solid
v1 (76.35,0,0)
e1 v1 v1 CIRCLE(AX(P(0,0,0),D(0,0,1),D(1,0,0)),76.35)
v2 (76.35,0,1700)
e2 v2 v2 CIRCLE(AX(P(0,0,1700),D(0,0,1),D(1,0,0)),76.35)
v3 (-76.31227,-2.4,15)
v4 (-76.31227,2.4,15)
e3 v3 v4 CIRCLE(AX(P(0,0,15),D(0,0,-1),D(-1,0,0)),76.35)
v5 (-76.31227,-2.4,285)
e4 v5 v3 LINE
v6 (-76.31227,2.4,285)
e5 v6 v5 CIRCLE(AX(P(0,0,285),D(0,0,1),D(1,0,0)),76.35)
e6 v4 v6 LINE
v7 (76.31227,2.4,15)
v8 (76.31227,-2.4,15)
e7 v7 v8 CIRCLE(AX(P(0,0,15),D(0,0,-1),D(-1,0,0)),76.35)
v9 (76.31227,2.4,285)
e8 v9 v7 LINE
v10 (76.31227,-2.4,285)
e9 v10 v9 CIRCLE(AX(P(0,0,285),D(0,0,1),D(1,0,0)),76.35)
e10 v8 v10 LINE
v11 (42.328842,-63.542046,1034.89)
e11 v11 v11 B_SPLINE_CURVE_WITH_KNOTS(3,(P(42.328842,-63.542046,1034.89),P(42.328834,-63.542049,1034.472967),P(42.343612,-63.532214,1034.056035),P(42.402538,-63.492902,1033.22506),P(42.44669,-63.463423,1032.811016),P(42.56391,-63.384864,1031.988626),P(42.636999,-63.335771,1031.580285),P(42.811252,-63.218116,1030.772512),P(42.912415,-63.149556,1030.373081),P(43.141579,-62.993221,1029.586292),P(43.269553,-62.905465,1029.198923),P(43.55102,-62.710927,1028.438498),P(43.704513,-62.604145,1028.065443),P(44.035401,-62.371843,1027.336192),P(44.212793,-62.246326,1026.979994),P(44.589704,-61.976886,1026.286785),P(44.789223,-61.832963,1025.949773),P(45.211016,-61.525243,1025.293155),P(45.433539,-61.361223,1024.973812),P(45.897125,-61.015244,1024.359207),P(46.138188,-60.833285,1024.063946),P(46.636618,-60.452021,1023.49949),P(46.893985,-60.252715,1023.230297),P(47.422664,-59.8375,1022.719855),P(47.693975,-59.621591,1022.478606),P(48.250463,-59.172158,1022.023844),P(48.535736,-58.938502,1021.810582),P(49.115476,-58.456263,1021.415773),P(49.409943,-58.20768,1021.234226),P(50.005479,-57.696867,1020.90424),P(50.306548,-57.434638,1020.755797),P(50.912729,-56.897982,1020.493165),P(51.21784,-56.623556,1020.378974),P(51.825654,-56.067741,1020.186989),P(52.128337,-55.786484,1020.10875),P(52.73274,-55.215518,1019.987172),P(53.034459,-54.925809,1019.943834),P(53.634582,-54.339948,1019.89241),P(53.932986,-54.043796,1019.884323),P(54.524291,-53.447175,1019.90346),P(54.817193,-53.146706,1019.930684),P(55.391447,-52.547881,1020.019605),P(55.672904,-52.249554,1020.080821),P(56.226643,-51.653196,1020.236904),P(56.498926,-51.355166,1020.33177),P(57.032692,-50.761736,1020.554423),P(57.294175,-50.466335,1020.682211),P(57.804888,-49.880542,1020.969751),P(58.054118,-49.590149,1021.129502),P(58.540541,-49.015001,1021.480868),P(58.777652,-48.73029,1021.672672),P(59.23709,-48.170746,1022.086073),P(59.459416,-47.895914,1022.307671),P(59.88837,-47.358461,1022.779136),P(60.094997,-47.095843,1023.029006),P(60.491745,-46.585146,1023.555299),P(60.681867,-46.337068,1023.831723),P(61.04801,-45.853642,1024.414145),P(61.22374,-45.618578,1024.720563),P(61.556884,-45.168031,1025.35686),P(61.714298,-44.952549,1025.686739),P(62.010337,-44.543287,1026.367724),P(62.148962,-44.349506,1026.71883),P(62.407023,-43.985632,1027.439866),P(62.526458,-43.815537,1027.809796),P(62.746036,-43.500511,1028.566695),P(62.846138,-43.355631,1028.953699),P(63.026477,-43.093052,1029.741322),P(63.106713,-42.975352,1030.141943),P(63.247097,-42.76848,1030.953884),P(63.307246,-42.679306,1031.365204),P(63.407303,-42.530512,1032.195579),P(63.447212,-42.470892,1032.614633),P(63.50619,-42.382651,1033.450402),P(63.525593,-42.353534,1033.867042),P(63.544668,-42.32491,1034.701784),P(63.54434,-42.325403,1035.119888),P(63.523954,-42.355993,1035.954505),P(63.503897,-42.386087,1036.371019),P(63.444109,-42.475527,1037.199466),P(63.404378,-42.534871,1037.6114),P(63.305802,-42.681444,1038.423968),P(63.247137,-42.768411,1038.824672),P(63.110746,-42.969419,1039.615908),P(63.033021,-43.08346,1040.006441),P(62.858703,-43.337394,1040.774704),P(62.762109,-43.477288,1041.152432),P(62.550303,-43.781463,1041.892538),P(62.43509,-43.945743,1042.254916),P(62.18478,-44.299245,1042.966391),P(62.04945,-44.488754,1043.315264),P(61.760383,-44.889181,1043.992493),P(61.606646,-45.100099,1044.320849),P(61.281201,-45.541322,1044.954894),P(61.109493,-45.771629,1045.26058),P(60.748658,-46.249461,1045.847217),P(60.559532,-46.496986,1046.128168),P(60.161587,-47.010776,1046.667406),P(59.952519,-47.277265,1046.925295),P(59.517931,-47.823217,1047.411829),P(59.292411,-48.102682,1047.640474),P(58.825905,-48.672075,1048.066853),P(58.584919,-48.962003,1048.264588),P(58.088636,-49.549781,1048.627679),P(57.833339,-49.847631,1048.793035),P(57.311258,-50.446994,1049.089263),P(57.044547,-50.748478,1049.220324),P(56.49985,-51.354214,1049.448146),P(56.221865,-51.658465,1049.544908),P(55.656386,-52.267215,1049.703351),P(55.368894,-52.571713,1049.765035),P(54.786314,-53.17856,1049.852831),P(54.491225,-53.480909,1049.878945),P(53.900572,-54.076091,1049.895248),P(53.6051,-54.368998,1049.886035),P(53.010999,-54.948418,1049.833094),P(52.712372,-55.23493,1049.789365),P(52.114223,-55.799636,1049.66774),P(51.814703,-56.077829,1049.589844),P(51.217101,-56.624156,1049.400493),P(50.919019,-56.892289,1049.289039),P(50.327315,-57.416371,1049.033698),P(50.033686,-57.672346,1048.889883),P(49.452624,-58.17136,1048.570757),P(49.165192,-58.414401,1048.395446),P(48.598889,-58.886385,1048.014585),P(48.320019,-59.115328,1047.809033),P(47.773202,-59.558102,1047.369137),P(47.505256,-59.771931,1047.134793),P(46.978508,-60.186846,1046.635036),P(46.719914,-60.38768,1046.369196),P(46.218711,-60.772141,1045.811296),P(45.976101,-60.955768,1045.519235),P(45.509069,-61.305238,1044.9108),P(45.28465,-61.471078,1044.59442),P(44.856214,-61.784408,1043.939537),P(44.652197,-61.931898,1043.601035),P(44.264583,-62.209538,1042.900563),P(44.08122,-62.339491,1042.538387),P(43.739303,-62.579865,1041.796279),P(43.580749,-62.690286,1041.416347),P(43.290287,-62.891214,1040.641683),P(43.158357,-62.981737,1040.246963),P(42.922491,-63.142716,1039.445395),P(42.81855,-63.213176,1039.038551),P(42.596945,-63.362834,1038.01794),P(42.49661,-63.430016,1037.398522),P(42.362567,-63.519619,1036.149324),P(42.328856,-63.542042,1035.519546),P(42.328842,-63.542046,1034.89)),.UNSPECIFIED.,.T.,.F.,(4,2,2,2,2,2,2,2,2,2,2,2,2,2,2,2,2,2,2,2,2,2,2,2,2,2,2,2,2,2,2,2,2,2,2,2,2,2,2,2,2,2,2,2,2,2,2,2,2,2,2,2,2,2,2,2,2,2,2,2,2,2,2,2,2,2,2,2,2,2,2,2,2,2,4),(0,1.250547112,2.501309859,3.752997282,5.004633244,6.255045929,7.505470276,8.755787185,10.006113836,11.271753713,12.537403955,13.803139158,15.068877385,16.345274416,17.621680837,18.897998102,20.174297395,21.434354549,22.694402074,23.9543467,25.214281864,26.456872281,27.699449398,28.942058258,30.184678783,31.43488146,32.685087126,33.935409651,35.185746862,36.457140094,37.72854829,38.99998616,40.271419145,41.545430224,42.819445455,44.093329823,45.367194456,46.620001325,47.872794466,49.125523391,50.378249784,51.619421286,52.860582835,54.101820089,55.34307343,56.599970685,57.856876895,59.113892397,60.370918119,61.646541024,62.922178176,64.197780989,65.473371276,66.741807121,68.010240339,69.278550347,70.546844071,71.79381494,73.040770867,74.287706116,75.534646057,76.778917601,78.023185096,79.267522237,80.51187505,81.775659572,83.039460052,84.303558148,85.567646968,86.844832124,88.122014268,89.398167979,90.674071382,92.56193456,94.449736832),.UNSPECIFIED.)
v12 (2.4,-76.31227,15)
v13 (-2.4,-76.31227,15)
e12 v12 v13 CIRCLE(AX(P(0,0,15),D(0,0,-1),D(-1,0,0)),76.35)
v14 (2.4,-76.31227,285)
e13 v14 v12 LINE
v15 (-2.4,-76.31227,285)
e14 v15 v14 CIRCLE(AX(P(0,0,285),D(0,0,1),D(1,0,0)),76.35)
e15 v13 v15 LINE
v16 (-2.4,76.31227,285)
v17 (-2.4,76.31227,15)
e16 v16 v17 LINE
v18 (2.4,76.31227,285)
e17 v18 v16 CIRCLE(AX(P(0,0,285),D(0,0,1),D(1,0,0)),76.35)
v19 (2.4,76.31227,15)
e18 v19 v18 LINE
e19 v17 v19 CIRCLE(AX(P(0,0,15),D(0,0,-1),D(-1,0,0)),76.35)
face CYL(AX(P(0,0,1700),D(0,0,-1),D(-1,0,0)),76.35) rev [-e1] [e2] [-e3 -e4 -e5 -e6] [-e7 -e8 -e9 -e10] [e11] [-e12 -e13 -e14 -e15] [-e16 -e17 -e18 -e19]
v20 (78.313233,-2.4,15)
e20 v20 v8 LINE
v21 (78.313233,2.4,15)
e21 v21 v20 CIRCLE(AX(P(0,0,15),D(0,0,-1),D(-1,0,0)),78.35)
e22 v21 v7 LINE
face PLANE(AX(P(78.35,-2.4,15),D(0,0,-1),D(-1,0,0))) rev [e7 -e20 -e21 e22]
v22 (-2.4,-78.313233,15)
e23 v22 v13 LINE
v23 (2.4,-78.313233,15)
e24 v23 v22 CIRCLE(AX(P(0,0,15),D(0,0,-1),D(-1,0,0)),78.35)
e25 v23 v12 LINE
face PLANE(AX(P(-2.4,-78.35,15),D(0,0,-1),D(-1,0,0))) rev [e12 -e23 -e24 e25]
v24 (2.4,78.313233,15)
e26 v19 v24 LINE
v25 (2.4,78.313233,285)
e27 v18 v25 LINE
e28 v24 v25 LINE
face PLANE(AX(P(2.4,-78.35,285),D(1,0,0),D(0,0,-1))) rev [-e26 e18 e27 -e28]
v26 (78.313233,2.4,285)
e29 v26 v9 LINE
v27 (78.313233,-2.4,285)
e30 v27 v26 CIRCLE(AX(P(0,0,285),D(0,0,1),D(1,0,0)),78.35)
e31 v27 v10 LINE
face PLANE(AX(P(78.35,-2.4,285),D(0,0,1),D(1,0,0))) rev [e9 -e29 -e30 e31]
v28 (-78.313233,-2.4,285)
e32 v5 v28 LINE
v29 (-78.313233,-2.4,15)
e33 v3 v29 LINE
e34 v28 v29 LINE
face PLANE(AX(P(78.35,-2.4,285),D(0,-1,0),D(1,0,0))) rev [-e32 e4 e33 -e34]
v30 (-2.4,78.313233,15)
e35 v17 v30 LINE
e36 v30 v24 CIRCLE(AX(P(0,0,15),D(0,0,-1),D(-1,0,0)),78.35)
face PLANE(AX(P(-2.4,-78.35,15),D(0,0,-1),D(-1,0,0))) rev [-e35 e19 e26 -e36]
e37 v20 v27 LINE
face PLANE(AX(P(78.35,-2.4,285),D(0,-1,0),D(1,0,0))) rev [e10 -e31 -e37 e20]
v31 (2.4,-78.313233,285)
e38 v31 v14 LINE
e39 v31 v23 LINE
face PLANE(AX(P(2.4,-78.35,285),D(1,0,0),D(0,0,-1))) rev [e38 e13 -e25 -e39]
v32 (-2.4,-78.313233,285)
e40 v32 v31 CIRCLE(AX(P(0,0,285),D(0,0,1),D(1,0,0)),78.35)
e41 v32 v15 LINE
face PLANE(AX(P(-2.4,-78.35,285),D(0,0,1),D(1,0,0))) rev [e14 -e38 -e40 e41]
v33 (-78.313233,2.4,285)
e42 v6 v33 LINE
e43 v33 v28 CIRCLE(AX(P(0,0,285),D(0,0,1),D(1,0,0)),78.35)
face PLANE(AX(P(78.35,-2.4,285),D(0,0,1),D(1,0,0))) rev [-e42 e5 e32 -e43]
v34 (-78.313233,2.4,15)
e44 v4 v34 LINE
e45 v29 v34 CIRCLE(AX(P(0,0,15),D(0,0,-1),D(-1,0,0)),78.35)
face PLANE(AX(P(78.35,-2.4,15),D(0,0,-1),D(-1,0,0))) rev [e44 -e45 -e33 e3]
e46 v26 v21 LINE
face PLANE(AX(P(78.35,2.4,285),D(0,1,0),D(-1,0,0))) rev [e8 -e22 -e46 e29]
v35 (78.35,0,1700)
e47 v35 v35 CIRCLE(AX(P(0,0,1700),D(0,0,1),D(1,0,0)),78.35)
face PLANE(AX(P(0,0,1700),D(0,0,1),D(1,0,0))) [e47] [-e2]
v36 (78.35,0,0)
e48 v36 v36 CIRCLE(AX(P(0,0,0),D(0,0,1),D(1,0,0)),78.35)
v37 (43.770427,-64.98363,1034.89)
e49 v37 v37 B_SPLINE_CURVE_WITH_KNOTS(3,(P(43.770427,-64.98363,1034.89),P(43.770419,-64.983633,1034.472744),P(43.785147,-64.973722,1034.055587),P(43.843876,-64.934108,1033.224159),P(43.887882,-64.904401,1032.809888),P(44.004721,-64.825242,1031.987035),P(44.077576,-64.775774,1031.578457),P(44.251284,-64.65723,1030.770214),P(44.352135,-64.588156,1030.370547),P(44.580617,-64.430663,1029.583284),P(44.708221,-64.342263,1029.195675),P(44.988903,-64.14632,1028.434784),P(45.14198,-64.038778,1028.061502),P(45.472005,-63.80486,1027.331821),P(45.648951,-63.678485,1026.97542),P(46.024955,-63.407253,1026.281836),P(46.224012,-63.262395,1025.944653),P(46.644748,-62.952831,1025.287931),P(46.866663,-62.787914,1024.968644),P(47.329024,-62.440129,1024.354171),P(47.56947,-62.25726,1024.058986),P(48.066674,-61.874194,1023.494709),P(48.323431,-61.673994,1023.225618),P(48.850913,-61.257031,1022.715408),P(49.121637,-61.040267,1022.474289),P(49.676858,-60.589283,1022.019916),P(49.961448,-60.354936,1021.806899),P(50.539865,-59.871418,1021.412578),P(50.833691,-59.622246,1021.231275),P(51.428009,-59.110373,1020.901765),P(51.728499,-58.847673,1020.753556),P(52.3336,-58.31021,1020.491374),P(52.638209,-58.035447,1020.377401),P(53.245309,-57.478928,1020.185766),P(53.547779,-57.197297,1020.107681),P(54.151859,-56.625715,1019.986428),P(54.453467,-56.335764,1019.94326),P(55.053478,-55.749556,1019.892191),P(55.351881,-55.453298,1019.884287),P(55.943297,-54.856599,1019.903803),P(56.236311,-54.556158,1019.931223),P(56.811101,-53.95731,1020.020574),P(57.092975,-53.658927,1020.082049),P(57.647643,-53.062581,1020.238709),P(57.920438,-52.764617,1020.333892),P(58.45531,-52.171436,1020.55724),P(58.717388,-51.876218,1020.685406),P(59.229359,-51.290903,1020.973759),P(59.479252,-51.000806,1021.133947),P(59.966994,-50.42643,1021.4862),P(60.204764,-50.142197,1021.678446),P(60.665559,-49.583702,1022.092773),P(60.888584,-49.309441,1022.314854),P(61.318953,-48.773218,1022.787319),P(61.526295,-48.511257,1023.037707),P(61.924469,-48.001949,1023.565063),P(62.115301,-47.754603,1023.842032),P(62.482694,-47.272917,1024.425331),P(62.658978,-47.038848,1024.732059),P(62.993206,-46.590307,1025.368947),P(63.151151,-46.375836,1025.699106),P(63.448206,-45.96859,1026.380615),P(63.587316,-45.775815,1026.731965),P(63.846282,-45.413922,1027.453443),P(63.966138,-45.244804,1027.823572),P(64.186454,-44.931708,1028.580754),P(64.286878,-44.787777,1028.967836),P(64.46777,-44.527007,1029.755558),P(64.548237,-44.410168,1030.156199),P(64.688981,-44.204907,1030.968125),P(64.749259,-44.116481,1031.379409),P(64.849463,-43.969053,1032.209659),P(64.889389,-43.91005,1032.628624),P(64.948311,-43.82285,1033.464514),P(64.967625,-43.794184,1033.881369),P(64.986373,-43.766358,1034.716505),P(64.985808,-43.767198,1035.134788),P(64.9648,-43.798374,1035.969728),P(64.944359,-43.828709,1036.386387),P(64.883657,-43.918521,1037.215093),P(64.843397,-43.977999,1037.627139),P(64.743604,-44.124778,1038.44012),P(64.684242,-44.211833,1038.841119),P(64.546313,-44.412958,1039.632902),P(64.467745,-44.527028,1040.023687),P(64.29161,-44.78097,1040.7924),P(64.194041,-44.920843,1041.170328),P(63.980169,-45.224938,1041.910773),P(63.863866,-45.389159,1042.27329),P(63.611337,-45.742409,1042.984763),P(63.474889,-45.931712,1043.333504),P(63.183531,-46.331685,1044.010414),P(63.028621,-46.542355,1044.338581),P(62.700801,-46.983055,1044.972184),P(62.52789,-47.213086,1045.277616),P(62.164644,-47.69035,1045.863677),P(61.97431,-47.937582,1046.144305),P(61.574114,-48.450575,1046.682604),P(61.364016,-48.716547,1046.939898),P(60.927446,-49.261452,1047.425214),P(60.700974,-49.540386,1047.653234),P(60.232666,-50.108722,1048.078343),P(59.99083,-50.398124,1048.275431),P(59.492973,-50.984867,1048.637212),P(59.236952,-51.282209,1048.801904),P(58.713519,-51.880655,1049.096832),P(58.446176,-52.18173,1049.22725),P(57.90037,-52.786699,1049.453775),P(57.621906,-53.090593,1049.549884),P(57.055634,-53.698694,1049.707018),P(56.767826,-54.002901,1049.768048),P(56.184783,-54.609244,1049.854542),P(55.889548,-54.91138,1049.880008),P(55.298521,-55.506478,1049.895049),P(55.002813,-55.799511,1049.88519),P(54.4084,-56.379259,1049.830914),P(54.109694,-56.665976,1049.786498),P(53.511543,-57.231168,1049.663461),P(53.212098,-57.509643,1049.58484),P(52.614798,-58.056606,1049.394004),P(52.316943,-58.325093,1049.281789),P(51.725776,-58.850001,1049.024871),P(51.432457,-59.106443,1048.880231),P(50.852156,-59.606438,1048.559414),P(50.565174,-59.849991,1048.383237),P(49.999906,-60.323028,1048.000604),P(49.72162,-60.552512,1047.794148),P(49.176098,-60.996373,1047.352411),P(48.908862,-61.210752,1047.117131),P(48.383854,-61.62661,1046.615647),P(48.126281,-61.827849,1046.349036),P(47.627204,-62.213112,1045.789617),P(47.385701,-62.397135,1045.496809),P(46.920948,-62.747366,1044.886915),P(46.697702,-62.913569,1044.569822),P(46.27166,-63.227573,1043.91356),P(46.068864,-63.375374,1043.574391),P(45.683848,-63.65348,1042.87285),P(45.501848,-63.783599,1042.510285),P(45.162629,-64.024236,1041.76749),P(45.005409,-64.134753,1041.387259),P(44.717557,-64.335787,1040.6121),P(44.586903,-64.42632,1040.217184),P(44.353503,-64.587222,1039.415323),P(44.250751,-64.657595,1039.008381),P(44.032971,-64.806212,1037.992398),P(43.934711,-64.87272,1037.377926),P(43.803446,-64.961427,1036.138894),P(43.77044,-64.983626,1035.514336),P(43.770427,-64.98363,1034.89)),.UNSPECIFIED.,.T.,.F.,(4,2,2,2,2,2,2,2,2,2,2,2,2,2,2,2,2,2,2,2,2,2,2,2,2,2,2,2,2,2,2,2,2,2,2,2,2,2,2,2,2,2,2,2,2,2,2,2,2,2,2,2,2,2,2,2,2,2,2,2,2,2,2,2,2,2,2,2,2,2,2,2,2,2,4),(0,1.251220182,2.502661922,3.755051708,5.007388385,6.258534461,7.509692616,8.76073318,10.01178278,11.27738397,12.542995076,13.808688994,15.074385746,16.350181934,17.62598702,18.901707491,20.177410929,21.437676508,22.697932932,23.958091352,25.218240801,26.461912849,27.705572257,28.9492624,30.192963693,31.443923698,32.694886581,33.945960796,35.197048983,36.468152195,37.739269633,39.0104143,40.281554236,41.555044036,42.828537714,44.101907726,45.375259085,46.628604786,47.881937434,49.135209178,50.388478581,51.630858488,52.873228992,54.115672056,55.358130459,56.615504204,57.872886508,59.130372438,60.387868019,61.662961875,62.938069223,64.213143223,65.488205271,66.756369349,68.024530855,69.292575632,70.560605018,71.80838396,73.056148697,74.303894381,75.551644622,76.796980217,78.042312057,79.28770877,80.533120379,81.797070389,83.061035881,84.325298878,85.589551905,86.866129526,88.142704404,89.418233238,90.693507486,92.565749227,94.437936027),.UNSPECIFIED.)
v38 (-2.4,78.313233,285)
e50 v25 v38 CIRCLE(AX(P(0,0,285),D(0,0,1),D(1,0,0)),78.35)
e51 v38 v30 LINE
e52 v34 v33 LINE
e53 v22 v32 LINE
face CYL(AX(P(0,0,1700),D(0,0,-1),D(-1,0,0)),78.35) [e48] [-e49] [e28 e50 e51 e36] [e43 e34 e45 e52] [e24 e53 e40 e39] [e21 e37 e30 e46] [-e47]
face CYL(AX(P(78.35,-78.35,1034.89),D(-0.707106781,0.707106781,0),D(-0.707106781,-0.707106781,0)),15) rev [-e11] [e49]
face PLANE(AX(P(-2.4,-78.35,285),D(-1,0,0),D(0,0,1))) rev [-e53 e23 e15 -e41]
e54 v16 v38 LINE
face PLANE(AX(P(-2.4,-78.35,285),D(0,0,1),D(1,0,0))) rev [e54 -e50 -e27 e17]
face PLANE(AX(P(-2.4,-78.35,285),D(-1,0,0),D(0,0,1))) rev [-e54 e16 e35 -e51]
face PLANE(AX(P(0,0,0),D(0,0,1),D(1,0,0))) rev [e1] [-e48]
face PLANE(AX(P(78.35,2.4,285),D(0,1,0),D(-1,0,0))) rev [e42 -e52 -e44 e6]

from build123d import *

# Parameters (mm, degrees)
SKETCH1_R           = 78.35
SKETCH1_R_2         = 76.35
BOSS_EXTRUDE1_DEPTH = 1700
SKETCH5_R           = 15
CUT_EXTRUDE2_DEPTH  = 1704.607186237
SKETCH6_W           = 4.8
SKETCH6_H           = 270
CUT_EXTRUDE3_DEPTH  = 1704.607186346
CIRPATTERN1_COUNT   = 2
CIRPATTERN1_ANGLE   = 90


with BuildPart() as part:
    # Sketch1 → Boss-Extrude1 (new body)
    with BuildSketch(Plane.XY):
        Circle(SKETCH1_R)
        Circle(SKETCH1_R_2, mode=Mode.SUBTRACT)
    extrude(amount=BOSS_EXTRUDE1_DEPTH)

    # Sketch5 → Cut-Extrude2 (cut, through all)
    with BuildSketch(Plane(origin=(0, 0, 0), x_dir=(0, 0, -1), z_dir=(0.7071067811865489, -0.7071067811865462, 0))):
        with Locations(Location((-1034.89, 0, 0), (0, 0, 270))):
            Circle(SKETCH5_R)
    extrude(amount=CUT_EXTRUDE2_DEPTH, mode=Mode.SUBTRACT)

    # Sketch6 → Cut-Extrude3 (cut, symmetric)
    with BuildSketch(Plane(origin=(0, 0, 0), x_dir=(1, 0, 0), z_dir=(0, 1, 0))):
        with Locations((0, -150)):
            Rectangle(SKETCH6_W, SKETCH6_H)
    cut_extrude3 = extrude(amount=CUT_EXTRUDE3_DEPTH, both=True, mode=Mode.SUBTRACT)

    # CirPattern1: Cut-Extrude3 ×2 about axis
    cirpattern1_axis = Axis((0, 0, 0), (0, 0, 1))
    for i in range(1, CIRPATTERN1_COUNT):
        add(cut_extrude3.rotate(cirpattern1_axis, i * CIRPATTERN1_ANGLE / (CIRPATTERN1_COUNT - 1)), mode=Mode.SUBTRACT)


solid = part.part
